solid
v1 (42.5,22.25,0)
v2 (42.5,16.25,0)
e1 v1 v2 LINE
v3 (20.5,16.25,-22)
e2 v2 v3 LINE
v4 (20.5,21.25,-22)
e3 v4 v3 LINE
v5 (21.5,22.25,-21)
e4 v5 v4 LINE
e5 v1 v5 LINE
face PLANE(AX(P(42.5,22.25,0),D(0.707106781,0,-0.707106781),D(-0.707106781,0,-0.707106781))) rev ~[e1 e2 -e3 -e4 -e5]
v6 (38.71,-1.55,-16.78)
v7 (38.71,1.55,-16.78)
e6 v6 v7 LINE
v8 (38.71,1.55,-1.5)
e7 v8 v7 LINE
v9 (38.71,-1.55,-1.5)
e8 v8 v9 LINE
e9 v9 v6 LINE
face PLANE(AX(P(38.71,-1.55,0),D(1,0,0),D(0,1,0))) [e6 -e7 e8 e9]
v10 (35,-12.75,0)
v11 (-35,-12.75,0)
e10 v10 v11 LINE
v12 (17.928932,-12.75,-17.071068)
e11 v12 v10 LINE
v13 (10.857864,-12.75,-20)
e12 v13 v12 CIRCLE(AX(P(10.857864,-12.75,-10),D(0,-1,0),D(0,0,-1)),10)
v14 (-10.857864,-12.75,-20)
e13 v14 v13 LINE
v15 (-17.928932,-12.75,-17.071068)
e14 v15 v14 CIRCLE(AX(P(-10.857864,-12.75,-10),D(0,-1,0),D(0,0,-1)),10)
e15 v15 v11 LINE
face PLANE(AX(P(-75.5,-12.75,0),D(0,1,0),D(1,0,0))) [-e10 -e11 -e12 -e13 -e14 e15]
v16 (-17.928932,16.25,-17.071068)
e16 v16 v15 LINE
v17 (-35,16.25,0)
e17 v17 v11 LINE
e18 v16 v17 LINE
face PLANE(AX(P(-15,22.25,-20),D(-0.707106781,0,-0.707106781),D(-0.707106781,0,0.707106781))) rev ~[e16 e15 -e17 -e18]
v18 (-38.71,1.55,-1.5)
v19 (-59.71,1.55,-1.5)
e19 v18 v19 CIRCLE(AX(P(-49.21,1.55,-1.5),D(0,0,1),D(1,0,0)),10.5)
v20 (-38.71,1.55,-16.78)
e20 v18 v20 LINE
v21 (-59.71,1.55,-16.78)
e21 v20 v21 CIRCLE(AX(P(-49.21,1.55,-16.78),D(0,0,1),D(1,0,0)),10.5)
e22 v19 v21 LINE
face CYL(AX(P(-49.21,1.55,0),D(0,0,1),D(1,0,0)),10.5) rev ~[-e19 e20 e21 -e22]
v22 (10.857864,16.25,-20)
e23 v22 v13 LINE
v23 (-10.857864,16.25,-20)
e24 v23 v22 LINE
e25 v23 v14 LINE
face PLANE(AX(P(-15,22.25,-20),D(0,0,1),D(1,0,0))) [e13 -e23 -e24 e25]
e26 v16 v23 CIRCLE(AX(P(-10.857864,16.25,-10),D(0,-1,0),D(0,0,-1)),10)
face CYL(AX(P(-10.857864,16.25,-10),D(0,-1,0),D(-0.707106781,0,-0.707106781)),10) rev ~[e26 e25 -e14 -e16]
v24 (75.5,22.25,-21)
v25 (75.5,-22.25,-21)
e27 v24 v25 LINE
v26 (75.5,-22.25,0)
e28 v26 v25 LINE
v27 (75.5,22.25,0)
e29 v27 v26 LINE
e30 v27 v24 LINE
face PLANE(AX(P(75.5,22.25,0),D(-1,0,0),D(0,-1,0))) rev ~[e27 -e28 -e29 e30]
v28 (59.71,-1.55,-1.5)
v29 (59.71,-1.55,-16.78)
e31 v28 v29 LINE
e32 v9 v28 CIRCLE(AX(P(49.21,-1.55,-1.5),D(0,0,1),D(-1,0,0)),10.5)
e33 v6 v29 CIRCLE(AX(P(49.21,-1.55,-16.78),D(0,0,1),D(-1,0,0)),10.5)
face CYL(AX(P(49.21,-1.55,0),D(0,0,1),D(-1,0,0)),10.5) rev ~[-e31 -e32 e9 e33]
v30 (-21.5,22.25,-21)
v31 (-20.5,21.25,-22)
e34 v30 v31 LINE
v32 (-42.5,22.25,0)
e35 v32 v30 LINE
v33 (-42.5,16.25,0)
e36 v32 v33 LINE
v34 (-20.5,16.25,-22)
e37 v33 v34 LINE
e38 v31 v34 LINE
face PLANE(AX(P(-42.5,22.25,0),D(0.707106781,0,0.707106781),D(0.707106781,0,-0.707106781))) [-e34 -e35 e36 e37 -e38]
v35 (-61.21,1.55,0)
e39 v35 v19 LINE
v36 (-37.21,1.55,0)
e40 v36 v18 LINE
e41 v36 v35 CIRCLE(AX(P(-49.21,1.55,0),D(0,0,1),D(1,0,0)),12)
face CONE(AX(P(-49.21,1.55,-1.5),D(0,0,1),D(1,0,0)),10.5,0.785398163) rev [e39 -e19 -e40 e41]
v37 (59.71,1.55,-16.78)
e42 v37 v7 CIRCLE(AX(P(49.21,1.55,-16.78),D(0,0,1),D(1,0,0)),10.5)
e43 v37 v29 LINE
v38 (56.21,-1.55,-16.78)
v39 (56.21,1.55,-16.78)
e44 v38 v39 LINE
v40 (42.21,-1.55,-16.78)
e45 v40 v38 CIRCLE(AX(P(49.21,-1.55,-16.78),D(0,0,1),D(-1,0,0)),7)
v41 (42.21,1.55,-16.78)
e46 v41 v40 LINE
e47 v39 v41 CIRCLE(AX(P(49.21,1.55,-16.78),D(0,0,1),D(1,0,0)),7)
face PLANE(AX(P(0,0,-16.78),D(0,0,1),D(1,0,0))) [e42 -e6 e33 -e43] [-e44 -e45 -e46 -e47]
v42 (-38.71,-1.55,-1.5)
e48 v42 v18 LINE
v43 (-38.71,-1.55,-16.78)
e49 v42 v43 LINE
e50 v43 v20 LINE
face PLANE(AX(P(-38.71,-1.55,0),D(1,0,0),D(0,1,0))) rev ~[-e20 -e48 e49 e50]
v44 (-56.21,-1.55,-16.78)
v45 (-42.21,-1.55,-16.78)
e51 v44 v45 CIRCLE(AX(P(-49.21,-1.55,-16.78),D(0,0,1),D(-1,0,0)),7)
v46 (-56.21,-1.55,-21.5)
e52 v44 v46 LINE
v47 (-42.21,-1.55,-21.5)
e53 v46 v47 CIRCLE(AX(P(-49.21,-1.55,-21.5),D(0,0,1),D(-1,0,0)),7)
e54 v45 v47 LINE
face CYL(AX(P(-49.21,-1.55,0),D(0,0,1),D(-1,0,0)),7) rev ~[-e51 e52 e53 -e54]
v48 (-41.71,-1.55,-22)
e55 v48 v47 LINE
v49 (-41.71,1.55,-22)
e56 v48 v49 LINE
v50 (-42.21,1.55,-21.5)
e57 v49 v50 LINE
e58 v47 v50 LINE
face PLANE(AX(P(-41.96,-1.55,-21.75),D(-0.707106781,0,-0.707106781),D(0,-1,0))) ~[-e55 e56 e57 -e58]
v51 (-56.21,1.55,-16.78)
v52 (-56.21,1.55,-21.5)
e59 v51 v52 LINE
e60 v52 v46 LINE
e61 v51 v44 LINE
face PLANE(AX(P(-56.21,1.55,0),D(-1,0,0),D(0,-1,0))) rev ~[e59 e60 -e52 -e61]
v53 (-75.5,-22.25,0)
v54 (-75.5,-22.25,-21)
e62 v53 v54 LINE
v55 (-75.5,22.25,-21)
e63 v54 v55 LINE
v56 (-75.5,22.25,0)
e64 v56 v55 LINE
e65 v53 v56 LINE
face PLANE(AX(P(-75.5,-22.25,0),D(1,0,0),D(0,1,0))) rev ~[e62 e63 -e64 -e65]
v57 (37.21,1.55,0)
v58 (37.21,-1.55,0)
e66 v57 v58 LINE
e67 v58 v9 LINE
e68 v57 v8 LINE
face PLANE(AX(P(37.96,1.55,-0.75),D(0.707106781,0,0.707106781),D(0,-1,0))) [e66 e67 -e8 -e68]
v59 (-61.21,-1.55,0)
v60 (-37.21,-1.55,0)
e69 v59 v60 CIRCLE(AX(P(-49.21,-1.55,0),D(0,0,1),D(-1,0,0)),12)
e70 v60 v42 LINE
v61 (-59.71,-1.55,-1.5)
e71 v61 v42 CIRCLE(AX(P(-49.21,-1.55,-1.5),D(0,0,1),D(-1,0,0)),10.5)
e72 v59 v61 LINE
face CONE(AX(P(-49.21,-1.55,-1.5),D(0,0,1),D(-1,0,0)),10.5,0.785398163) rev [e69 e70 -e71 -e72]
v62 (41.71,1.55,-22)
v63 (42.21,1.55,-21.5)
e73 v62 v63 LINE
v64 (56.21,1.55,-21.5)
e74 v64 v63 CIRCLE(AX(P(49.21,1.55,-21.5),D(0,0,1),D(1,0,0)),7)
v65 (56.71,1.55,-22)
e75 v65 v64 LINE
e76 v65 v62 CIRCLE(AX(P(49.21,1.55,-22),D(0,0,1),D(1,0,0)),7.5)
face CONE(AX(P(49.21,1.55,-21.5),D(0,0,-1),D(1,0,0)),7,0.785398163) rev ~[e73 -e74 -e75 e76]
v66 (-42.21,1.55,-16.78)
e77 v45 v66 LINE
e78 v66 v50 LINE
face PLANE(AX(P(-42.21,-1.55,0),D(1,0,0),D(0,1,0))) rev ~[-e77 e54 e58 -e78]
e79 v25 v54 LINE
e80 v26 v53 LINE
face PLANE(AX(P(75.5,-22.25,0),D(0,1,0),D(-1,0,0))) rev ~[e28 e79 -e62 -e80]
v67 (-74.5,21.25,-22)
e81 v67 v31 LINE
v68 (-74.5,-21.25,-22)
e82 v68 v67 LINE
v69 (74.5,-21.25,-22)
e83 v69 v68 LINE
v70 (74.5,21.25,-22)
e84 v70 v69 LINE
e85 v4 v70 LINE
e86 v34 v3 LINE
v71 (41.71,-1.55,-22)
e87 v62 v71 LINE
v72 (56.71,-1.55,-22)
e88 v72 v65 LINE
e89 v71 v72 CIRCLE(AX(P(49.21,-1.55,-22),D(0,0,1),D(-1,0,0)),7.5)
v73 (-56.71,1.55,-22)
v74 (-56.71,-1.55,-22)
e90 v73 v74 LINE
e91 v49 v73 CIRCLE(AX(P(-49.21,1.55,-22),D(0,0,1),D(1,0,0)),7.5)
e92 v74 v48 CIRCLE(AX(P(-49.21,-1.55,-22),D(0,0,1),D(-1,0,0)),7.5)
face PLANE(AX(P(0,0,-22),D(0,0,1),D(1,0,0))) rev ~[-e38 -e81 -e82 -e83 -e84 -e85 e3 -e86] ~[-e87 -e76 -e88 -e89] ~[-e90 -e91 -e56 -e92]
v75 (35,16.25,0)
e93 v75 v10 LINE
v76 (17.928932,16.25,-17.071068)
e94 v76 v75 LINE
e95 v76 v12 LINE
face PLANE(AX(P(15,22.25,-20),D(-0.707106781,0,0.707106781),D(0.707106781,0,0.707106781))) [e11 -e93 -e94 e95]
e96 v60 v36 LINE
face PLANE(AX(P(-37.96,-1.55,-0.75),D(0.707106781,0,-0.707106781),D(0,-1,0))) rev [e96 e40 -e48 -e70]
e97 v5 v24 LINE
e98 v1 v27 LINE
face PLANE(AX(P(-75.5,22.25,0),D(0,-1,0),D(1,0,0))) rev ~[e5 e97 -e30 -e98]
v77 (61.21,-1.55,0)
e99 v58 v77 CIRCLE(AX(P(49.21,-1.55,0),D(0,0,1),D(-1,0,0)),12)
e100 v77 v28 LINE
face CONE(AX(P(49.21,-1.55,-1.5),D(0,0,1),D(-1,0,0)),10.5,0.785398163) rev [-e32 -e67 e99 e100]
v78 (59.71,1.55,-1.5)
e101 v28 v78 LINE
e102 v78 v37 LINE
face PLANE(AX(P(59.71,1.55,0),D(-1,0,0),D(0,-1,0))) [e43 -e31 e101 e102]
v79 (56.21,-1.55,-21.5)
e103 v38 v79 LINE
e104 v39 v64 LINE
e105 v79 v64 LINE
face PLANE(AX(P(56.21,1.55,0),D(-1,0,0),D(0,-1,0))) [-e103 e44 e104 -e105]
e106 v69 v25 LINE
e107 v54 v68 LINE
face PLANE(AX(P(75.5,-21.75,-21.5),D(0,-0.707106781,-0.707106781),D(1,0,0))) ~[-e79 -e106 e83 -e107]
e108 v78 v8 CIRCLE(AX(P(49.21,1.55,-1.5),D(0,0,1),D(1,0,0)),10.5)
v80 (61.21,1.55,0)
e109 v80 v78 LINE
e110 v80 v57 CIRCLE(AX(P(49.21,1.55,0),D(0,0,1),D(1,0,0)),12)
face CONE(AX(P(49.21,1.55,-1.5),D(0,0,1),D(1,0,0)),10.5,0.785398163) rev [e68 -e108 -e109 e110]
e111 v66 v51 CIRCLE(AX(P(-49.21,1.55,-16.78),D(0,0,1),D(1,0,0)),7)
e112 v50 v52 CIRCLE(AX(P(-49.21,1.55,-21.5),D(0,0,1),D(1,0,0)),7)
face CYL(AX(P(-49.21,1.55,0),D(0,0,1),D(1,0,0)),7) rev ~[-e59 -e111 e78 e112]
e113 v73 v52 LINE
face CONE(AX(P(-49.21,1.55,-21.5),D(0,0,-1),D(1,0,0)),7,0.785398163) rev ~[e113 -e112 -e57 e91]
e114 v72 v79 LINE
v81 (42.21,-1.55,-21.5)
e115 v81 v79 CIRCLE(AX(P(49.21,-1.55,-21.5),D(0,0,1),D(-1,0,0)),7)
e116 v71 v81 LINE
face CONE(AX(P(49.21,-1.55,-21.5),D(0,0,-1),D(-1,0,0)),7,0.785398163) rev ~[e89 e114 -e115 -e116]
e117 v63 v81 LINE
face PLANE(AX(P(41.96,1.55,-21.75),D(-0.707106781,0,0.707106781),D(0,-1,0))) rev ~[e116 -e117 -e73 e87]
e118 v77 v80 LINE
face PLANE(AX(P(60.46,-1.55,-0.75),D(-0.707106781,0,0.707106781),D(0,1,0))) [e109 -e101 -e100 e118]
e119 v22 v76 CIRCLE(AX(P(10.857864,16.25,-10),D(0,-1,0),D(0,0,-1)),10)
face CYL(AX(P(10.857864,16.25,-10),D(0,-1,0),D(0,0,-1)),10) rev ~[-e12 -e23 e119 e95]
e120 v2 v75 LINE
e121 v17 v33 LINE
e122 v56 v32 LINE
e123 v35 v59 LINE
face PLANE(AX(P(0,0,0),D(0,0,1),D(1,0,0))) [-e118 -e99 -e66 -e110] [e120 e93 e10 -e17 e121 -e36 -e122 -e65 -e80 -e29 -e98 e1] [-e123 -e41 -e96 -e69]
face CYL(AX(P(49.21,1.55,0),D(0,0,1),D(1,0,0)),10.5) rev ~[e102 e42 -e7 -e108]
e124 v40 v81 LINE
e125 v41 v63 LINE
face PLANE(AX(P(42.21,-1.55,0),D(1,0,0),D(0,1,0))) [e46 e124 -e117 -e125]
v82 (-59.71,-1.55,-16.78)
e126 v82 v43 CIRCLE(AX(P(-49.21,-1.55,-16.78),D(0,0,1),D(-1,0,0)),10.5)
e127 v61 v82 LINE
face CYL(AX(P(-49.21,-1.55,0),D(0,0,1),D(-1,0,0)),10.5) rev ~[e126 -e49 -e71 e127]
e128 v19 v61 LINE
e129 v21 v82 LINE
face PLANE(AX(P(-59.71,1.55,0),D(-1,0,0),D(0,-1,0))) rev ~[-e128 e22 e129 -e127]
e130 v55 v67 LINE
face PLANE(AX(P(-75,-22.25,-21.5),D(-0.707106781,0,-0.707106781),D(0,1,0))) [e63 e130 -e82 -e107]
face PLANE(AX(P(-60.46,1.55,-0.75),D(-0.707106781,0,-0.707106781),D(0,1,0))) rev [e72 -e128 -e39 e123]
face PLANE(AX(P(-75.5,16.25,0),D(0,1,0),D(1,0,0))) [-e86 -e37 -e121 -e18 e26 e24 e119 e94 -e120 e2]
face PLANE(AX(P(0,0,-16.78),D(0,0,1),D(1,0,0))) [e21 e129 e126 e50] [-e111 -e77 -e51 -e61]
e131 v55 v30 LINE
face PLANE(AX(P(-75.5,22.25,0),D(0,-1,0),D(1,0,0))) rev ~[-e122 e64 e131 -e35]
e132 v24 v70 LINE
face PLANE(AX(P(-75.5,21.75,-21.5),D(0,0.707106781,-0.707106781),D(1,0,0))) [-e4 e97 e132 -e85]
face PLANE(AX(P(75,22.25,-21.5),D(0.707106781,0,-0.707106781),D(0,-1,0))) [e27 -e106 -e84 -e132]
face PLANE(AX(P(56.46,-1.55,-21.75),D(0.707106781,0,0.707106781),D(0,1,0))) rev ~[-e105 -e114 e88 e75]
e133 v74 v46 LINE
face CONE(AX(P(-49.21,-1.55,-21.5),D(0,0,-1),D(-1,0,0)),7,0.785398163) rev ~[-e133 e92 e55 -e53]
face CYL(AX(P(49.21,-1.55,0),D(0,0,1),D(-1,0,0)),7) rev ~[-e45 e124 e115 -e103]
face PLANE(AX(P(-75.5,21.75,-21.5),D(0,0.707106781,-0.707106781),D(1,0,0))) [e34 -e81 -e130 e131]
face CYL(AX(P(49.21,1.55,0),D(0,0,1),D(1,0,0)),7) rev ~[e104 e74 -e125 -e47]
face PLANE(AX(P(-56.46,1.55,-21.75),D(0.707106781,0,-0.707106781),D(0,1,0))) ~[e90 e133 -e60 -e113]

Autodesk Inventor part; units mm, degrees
ref_plane "YZ Plane" through (0, 0, 0) normal (1, 0, 0) x (0, 1, 0)
ref_plane "XZ Plane" through (0, 0, 0) normal (0, 1, 0) x (-1, 0, 0)
ref_plane "XY Plane" through (0, 0, 0) normal (0, 0, 1) x (1, 0, 0)
sketch "Sketch1" plane through (0, 0, 0) normal (0, 0, 1) x (1, 0, 0)
  line L0 (-105.7, 0) -> (105.7, 0) construction
  line L1 (0, -31.15) -> (0, 31.15) construction
  line L2 (-75.5, 22.25) -> (75.5, 22.25)
  line L3 (75.5, 22.25) -> (75.5, -22.25)
  line L4 (75.5, -22.25) -> (-75.5, -22.25)
  line L5 (-75.5, -22.25) -> (-75.5, 22.25)
  line L6 (-49.21, 1.55) -> (-49.21, -1.55) construction
  line L7 (-56.21, 1.55) -> (-56.21, -1.55)
  line L8 (-42.21, -1.55) -> (-42.21, 1.55)
  arc A0 (-42.21, 1.55) -> (-56.21, 1.55) centre (-49.21, 1.55) ccw
  arc A1 (-56.21, -1.55) -> (-42.21, -1.55) centre (-49.21, -1.55) ccw
  line L9 (49.21, 1.55) -> (49.21, -1.55) construction
  line L10 (56.21, 1.55) -> (56.21, -1.55)
  line L11 (42.21, -1.55) -> (42.21, 1.55)
  arc A2 (56.21, 1.55) -> (42.21, 1.55) centre (49.21, 1.55) ccw
  arc A3 (42.21, -1.55) -> (56.21, -1.55) centre (49.21, -1.55) ccw
  line L12 (-49.21, 1.55) -> (-49.21, -1.55) construction
  line L13 (-59.71, 1.55) -> (-59.71, -1.55)
  line L14 (-38.71, -1.55) -> (-38.71, 1.55)
  arc A4 (-38.71, 1.55) -> (-59.71, 1.55) centre (-49.21, 1.55) ccw
  arc A5 (-59.71, -1.55) -> (-38.71, -1.55) centre (-49.21, -1.55) ccw
  line L15 (59.71, 1.55) -> (59.71, -1.55)
  line L16 (38.71, -1.55) -> (38.71, 1.55)
  arc A6 (59.71, 1.55) -> (38.71, 1.55) centre (49.21, 1.55) ccw
  arc A7 (38.71, -1.55) -> (59.71, -1.55) centre (49.21, -1.55) ccw
  point P0 (0, 0)
  point P1 (-49.21, 0)
  point P2 (49.21, 0)
  point P3 (-49.21, 0)
  dimension "d0" = 44.5
  dimension "d1" = 151
  dimension "d26" = 14
  dimension "d27" = 20.7
  dimension "d28" = 98.42
  dimension "d29" = 21
  dimension "d30" = 1.55
extrude "Extrusion1" add sketch "Sketch1" against normal blind 22 contours L2 L3 L4 L5 | A0 L8 A1 L7 | L10 A3 L11 A2 | A4 L14 A5 L13 | L15 A7 L16 A6
extrude "Extrusion2" cut sketch "Sketch1" against normal through all contours A0 L8 A1 L7 | L10 A3 L11 A2
extrude "Extrusion3" cut sketch "Sketch1" against normal blind 16.78 contours L10 A3 L11 A2 | A4 L14 A5 L13 | L15 A7 L16 A6
chamfer "Chamfer3" distance 1 angle 45 4 edges at (0, 22.25, -22) (-75.5, 0, -22) (0, -22.25, -22) (75.5, 0, -22)
chamfer "Chamfer4" distance 1.5 angle 45 8 edges at (-49.21, 12.05, 0) (-38.71, 0, 0) (-49.21, -12.05, 0) (-59.71, 0, 0) (49.21, 12.05, 0) (59.71, 0, 0) (49.21, -12.05, 0) (38.71, 0, 0)
chamfer "Chamfer5" distance 0.5 angle 45 8 edges at (-49.21, 8.55, -22) (-56.21, 0, -22) (-49.21, -8.55, -22) (-42.21, 0, -22) (49.21, -8.55, -22) (56.21, 0, -22) (49.21, 8.55, -22) (42.21, 0, -22)
sketch "Sketch2" plane through (-75.5, 22.25, 0) normal (0, 1, 0) x (1, 0, 0)
  line L0 (0, 21) -> (151, 21) construction
  line L1 (0, 0) -> (0, 21) construction
  line L2 (151, 0) -> (0, 0) projected
  line L3 (151, 0) -> (151, 21) construction
  line L4 (75.5, 42.335) -> (75.5, -100.0102) construction
  circle A0 centre (75.5, -32.1751) radius 47.5 construction
  line L5 (150, 22) -> (1, 22) projected
  line L6 (62.5, 22) -> (40.5, 0)
  line L7 (88.5, 22) -> (110.5, 0)
  line L8 (14.29, 0) -> (38.29, 0) projected
  line L9 (33, 0) -> (55, 22)
  line L10 (118, 0) -> (96, 22)
  circle A1 centre (75.5, -28.2107) radius 50 construction
  line L11 (60.5, 20) -> (90.5, 20)
  dimension "d54" = 95
  dimension "d57" = 45
  dimension "d59" = 70
  dimension "d60" = 45
  dimension "d61" = 85
  dimension "d62" = 100
  dimension "d68" = 2
extrude "Extrusion6" cut sketch "Sketch2" against normal blind 35 contours L2 L6 L11 L7
extrude "Extrusion7" cut sketch "Sketch2" against normal blind 6 contours L2 L7 L5 L10 | L2 L9 L5 L6 | L11 L6 L5 L7
fillet "Fillet1" radius 10 2 edges at (-15, 1.75, -20) (15, 1.75, -20)
equation "\"d0\" = jawH"
equation "\"d1\" = jawW"
equation "\"d4\" = jawT"
equation "\"jawH\" = 44.5"
equation "\"jawW\" = 151"
equation "\"jawT\" = 22"
properties part number "JawDualSided" material "Aluminum 6061"
